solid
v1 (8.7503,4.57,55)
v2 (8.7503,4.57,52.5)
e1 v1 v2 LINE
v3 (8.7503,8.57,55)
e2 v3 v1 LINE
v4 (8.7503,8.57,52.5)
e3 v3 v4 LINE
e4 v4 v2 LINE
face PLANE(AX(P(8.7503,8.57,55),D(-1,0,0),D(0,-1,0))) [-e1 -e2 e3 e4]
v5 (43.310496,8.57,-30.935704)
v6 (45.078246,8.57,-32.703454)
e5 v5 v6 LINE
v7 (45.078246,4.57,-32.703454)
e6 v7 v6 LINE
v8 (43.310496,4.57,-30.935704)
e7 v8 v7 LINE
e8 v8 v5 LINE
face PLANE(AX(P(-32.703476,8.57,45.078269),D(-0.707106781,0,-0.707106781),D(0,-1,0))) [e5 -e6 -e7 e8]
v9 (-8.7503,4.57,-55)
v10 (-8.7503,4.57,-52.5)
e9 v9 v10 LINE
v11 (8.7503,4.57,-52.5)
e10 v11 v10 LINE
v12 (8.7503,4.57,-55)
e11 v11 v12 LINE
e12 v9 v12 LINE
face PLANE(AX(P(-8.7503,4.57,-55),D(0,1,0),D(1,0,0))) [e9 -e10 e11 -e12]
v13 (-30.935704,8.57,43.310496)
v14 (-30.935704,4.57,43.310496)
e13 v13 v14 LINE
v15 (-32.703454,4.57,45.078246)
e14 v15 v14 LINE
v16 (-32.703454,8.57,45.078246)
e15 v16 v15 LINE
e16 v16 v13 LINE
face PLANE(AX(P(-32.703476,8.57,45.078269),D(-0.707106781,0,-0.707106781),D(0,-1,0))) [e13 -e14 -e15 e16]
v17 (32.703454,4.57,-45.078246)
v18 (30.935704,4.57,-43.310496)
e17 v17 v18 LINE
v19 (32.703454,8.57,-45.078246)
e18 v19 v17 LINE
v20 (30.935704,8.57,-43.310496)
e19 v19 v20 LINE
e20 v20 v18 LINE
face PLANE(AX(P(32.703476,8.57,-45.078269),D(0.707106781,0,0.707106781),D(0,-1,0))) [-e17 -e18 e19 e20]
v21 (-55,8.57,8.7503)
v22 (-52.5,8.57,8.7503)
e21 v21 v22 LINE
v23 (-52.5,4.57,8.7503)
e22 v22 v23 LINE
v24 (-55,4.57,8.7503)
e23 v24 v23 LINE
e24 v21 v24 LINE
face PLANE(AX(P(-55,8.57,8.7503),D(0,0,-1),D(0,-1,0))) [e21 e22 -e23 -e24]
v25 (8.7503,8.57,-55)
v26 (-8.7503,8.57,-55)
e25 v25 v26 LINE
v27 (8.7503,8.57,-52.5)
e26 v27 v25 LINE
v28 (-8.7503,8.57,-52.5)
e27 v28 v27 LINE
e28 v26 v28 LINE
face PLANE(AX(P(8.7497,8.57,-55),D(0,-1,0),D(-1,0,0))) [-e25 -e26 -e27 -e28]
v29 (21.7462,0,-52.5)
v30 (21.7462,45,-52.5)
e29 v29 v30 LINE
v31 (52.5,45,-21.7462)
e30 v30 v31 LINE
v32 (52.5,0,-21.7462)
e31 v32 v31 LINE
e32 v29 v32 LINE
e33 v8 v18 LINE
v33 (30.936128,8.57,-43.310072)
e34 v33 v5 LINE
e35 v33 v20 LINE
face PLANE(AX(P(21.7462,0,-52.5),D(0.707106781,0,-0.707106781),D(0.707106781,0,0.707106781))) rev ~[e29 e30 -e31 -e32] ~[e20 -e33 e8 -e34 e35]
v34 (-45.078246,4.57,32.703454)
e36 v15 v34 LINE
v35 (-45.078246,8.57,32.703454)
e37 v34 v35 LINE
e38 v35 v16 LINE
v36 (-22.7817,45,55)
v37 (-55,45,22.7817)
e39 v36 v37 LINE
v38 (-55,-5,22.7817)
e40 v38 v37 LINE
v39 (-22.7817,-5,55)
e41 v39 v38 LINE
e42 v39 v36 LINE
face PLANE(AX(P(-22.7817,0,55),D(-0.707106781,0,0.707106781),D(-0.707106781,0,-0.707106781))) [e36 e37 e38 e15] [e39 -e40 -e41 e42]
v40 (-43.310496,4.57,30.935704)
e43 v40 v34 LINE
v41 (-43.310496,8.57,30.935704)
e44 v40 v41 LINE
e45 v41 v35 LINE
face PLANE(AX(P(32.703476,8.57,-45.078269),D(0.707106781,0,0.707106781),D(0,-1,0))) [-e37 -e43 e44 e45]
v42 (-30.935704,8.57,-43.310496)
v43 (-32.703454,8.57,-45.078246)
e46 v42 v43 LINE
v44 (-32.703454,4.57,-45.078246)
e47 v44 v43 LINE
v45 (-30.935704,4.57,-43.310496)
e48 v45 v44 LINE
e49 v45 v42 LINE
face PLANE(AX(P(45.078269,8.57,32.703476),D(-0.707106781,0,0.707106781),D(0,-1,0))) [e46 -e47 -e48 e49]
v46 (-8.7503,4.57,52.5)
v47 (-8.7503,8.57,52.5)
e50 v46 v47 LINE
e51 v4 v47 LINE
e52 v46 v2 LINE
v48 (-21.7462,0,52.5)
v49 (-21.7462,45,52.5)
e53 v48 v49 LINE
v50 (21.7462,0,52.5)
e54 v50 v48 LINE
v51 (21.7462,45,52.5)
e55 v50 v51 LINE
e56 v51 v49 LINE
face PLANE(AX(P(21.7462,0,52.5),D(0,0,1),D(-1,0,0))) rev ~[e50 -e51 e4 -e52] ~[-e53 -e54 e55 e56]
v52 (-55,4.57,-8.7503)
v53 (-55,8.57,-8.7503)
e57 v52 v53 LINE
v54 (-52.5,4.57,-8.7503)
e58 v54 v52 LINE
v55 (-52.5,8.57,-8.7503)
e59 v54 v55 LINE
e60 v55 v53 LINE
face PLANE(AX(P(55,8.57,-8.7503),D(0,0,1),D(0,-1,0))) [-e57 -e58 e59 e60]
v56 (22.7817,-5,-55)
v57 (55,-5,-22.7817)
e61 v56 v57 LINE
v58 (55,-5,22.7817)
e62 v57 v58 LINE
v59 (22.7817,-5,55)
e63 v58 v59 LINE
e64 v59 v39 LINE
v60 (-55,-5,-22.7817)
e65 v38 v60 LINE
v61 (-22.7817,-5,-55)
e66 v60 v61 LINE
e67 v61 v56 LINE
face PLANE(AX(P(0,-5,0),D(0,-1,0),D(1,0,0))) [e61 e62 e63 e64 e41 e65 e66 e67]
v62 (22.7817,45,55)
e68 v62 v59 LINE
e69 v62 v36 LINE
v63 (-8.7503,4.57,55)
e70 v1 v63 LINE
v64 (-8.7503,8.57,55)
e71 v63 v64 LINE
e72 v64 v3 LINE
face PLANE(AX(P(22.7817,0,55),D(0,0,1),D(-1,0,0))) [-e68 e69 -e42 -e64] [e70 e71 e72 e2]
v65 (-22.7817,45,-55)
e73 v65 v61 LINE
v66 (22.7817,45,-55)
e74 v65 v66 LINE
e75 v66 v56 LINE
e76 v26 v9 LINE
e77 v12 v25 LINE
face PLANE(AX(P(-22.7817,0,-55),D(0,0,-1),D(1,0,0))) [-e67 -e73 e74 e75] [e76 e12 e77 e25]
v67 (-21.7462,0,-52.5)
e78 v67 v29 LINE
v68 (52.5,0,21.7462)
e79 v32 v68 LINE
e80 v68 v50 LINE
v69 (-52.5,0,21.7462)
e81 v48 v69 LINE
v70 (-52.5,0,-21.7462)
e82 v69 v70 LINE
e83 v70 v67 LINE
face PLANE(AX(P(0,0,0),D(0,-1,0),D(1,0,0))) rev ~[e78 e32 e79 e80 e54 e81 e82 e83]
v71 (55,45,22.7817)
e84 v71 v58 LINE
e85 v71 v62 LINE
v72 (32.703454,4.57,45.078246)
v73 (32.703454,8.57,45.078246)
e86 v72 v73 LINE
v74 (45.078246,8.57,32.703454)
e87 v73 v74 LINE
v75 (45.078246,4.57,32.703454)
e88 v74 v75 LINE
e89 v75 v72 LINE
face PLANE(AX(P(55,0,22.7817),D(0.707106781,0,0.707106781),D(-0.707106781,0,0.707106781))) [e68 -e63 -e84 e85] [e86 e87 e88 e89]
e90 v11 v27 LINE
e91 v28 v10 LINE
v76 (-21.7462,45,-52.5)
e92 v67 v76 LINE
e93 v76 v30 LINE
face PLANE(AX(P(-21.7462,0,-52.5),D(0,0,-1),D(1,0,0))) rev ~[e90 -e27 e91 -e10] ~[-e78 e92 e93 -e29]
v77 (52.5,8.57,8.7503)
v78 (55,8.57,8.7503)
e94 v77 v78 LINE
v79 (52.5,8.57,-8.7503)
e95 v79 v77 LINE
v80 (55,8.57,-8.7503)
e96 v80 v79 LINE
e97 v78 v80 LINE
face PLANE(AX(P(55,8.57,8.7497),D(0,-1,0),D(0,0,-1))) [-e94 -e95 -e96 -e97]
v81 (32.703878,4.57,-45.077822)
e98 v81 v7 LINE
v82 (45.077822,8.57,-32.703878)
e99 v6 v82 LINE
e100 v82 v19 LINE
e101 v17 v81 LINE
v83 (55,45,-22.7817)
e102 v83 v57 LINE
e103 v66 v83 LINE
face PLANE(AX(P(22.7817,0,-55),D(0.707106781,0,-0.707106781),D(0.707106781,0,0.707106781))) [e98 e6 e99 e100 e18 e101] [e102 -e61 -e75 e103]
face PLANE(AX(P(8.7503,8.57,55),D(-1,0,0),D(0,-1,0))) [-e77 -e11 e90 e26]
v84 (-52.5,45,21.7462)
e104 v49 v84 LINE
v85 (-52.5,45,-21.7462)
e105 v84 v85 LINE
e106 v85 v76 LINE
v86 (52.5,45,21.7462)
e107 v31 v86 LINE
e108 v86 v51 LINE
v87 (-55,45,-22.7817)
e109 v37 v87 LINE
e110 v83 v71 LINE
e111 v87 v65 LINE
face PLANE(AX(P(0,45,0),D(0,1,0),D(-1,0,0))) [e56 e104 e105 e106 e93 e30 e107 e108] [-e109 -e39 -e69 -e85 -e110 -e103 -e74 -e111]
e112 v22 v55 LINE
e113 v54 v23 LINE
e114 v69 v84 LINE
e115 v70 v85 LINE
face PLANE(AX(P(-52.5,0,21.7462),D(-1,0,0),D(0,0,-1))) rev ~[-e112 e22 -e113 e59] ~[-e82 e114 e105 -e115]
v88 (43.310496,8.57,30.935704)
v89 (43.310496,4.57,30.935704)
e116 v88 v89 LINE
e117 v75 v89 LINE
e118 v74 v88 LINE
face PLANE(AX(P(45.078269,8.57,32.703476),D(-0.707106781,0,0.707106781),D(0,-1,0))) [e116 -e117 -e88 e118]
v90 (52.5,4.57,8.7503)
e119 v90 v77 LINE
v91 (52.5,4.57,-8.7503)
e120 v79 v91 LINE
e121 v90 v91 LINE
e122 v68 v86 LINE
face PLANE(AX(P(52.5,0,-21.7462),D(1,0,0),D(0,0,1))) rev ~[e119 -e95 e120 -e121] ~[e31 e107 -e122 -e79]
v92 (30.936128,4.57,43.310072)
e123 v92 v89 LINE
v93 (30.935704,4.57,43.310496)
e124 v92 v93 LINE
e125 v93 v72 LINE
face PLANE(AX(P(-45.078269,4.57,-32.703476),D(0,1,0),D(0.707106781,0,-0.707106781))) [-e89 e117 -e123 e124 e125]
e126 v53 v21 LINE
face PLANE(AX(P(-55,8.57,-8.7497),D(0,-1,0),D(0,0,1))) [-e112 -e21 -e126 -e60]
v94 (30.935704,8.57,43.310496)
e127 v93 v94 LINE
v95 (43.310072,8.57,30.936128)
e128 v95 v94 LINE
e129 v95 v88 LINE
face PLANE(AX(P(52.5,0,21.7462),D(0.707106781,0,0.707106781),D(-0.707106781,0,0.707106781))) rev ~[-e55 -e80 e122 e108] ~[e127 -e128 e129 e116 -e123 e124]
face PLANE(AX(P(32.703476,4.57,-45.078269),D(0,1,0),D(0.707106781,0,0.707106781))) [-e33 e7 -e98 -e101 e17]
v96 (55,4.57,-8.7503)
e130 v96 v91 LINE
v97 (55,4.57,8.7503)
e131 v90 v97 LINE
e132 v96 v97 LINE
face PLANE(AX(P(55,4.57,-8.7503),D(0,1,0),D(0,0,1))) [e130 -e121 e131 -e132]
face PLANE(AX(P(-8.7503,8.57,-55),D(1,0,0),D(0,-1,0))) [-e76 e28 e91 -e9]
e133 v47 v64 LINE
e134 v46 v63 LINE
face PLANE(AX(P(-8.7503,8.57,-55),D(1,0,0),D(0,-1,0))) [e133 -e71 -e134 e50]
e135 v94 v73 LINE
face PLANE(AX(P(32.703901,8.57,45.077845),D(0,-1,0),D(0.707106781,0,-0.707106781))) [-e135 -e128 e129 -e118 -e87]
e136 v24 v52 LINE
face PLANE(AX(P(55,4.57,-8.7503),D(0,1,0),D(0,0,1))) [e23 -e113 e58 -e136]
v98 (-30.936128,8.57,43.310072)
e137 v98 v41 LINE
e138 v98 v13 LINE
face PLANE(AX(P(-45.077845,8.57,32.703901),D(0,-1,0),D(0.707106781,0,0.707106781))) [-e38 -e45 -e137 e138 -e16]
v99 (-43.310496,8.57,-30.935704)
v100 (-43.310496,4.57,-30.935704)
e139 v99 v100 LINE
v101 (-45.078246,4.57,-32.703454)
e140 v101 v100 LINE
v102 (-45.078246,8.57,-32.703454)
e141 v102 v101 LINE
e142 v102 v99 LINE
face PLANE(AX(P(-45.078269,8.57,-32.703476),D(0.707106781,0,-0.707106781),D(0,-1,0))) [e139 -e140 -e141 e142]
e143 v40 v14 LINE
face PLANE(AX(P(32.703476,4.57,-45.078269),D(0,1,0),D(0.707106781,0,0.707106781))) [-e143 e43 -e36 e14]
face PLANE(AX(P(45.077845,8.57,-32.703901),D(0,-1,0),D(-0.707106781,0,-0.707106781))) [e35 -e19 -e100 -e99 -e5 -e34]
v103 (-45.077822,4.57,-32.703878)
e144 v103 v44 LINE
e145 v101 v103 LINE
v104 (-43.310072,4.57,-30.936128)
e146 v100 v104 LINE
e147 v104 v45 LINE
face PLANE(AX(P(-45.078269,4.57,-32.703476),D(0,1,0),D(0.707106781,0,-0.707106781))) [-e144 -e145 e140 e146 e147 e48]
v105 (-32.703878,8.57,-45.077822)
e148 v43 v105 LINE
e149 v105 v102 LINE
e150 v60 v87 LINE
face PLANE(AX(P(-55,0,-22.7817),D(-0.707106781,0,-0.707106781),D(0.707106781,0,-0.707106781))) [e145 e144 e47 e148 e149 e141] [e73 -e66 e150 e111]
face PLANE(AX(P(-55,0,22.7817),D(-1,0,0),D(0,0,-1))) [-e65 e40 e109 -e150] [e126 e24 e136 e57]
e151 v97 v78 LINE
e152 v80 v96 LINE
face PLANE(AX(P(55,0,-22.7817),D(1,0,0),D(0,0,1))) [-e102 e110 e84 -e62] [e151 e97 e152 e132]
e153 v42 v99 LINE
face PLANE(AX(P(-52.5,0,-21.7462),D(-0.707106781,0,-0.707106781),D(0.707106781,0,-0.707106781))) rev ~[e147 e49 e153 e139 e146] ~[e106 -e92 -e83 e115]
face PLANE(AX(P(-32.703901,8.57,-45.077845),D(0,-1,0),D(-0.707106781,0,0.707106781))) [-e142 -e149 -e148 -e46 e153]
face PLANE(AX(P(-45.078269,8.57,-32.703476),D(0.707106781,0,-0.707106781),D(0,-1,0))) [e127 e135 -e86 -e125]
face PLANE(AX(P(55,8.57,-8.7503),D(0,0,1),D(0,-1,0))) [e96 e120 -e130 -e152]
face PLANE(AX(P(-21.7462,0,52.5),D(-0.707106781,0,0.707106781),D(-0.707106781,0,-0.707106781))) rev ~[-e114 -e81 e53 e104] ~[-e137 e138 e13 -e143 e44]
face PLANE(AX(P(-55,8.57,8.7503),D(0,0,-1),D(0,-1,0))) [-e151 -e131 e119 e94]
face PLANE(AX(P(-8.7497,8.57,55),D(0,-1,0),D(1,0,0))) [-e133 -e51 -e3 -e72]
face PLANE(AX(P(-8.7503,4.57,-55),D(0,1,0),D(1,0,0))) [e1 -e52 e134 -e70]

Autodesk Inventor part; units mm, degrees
ref_plane "YZ Plane" through (0, 0, 0) normal (1, 0, 0) x (0, 1, 0)
ref_plane "XZ Plane" through (0, 0, 0) normal (0, 1, 0) x (-1, 0, 0)
ref_plane "XY Plane" through (0, 0, 0) normal (0, 0, 1) x (1, 0, 0)
sketch "Skizze4" plane through (0, 0, 0) normal (0, 1, 0) x (-1, 0, 0)
  line L0 (77, 0) -> (-77, 0) construction
  line L1 (0, -77) -> (0, 77) construction
  line L2 (27, 37.5) -> (-27, 37.5) construction
  line L3 (-27, 37.5) -> (-27, -37.5) construction
  line L4 (-27, -37.5) -> (27, -37.5) construction
  line L5 (27, -37.5) -> (27, 37.5) construction
  line L6 (55, -22.7817) -> (22.7817, -55)
  line L7 (22.7817, -55) -> (-22.7817, -55)
  line L8 (-22.7817, -55) -> (-55, -22.7817)
  line L9 (-55, -22.7817) -> (-55, 22.7817)
  line L10 (-55, 22.7817) -> (-22.7817, 55)
  line L11 (-22.7817, 55) -> (22.7817, 55)
  line L12 (22.7817, 55) -> (55, 22.7817)
  line L13 (55, 22.7817) -> (55, -22.7817)
  line L14 (52.5, -21.7462) -> (21.7462, -52.5)
  line L15 (21.7462, -52.5) -> (-21.7462, -52.5)
  line L16 (-21.7462, -52.5) -> (-52.5, -21.7462)
  line L17 (-52.5, -21.7462) -> (-52.5, 21.7462)
  line L18 (-52.5, 21.7462) -> (-21.7462, 52.5)
  line L19 (-21.7462, 52.5) -> (21.7462, 52.5)
  line L20 (21.7462, 52.5) -> (52.5, 21.7462)
  line L21 (52.5, 21.7462) -> (52.5, -21.7462)
  point P0 (0, 0)
  point P1 (0, 0)
  dimension "d4" = 75
  dimension "d5" = 54
  dimension "d7" = 2.5
  dimension "d22" = 110
extrude "Extrusion2" add sketch "Skizze4" along normal blind 45
sketch "Skizze5" plane through (0, 0, 0) normal (0, -1, 0) x (1, 0, 0)
  line L0 (21.7462, -52.5) -> (-21.7462, -52.5) projected
  line L1 (-21.7462, -52.5) -> (-52.5, -21.7462) projected
  line L2 (-52.5, -21.7462) -> (-52.5, 21.7462) projected
  line L3 (-52.5, 21.7462) -> (-21.7462, 52.5) projected
  line L4 (-21.7462, 52.5) -> (21.7462, 52.5) projected
  line L5 (21.7462, 52.5) -> (52.5, 21.7462) projected
  line L6 (52.5, 21.7462) -> (52.5, -21.7462) projected
  line L7 (52.5, -21.7462) -> (21.7462, -52.5) projected
  line L8 (-55, -22.7817) -> (-22.7817, -55) projected
  line L9 (-22.7817, -55) -> (22.7817, -55) projected
  line L10 (22.7817, -55) -> (55, -22.7817) projected
  line L11 (55, -22.7817) -> (55, 22.7817) projected
  line L12 (55, 22.7817) -> (22.7817, 55) projected
  line L13 (22.7817, 55) -> (-22.7817, 55) projected
  line L14 (-22.7817, 55) -> (-55, 22.7817) projected
  line L15 (-55, 22.7817) -> (-55, -22.7817) projected
  point P0 (0, 0)
extrude "Extrusion3" add sketch "Skizze5" along normal blind 5 contours L0 L1 L2 L3 L4 L5 L6 L7 | L15 L14 L13 L12 L11 L10 L9 L8
sketch "Skizze7" plane through (55, 45, 22.7817) normal (1, 0, 0) x (0, 0, -1)
  line L0 (14.032, -36.43) -> (31.532, -36.43)
  line L1 (31.532, -36.43) -> (31.532, -40.43)
  line L2 (31.532, -40.43) -> (14.032, -40.43)
  line L3 (14.032, -40.43) -> (14.032, -36.43)
  line L4 (45.5635, -50) -> (0, -50) projected
  line L5 (45.5635, 0) -> (45.5635, -50) projected
  point P0 (22.7817, -45)
  dimension "d13" = 9.57
  dimension "d14" = 17.5
  dimension "d15" = 4
  dimension "d16" = 14.0315
extrude "Extrusion4" cut sketch "Skizze7" against normal through all
pattern_circular "Runde Anordnung1" count 8 over 360 about axis through (0, -10, 0) along (0, 1, 0) of "Extrusion4"
properties part number "Oktagon" material "Kst - PVC (rigid/white)"
